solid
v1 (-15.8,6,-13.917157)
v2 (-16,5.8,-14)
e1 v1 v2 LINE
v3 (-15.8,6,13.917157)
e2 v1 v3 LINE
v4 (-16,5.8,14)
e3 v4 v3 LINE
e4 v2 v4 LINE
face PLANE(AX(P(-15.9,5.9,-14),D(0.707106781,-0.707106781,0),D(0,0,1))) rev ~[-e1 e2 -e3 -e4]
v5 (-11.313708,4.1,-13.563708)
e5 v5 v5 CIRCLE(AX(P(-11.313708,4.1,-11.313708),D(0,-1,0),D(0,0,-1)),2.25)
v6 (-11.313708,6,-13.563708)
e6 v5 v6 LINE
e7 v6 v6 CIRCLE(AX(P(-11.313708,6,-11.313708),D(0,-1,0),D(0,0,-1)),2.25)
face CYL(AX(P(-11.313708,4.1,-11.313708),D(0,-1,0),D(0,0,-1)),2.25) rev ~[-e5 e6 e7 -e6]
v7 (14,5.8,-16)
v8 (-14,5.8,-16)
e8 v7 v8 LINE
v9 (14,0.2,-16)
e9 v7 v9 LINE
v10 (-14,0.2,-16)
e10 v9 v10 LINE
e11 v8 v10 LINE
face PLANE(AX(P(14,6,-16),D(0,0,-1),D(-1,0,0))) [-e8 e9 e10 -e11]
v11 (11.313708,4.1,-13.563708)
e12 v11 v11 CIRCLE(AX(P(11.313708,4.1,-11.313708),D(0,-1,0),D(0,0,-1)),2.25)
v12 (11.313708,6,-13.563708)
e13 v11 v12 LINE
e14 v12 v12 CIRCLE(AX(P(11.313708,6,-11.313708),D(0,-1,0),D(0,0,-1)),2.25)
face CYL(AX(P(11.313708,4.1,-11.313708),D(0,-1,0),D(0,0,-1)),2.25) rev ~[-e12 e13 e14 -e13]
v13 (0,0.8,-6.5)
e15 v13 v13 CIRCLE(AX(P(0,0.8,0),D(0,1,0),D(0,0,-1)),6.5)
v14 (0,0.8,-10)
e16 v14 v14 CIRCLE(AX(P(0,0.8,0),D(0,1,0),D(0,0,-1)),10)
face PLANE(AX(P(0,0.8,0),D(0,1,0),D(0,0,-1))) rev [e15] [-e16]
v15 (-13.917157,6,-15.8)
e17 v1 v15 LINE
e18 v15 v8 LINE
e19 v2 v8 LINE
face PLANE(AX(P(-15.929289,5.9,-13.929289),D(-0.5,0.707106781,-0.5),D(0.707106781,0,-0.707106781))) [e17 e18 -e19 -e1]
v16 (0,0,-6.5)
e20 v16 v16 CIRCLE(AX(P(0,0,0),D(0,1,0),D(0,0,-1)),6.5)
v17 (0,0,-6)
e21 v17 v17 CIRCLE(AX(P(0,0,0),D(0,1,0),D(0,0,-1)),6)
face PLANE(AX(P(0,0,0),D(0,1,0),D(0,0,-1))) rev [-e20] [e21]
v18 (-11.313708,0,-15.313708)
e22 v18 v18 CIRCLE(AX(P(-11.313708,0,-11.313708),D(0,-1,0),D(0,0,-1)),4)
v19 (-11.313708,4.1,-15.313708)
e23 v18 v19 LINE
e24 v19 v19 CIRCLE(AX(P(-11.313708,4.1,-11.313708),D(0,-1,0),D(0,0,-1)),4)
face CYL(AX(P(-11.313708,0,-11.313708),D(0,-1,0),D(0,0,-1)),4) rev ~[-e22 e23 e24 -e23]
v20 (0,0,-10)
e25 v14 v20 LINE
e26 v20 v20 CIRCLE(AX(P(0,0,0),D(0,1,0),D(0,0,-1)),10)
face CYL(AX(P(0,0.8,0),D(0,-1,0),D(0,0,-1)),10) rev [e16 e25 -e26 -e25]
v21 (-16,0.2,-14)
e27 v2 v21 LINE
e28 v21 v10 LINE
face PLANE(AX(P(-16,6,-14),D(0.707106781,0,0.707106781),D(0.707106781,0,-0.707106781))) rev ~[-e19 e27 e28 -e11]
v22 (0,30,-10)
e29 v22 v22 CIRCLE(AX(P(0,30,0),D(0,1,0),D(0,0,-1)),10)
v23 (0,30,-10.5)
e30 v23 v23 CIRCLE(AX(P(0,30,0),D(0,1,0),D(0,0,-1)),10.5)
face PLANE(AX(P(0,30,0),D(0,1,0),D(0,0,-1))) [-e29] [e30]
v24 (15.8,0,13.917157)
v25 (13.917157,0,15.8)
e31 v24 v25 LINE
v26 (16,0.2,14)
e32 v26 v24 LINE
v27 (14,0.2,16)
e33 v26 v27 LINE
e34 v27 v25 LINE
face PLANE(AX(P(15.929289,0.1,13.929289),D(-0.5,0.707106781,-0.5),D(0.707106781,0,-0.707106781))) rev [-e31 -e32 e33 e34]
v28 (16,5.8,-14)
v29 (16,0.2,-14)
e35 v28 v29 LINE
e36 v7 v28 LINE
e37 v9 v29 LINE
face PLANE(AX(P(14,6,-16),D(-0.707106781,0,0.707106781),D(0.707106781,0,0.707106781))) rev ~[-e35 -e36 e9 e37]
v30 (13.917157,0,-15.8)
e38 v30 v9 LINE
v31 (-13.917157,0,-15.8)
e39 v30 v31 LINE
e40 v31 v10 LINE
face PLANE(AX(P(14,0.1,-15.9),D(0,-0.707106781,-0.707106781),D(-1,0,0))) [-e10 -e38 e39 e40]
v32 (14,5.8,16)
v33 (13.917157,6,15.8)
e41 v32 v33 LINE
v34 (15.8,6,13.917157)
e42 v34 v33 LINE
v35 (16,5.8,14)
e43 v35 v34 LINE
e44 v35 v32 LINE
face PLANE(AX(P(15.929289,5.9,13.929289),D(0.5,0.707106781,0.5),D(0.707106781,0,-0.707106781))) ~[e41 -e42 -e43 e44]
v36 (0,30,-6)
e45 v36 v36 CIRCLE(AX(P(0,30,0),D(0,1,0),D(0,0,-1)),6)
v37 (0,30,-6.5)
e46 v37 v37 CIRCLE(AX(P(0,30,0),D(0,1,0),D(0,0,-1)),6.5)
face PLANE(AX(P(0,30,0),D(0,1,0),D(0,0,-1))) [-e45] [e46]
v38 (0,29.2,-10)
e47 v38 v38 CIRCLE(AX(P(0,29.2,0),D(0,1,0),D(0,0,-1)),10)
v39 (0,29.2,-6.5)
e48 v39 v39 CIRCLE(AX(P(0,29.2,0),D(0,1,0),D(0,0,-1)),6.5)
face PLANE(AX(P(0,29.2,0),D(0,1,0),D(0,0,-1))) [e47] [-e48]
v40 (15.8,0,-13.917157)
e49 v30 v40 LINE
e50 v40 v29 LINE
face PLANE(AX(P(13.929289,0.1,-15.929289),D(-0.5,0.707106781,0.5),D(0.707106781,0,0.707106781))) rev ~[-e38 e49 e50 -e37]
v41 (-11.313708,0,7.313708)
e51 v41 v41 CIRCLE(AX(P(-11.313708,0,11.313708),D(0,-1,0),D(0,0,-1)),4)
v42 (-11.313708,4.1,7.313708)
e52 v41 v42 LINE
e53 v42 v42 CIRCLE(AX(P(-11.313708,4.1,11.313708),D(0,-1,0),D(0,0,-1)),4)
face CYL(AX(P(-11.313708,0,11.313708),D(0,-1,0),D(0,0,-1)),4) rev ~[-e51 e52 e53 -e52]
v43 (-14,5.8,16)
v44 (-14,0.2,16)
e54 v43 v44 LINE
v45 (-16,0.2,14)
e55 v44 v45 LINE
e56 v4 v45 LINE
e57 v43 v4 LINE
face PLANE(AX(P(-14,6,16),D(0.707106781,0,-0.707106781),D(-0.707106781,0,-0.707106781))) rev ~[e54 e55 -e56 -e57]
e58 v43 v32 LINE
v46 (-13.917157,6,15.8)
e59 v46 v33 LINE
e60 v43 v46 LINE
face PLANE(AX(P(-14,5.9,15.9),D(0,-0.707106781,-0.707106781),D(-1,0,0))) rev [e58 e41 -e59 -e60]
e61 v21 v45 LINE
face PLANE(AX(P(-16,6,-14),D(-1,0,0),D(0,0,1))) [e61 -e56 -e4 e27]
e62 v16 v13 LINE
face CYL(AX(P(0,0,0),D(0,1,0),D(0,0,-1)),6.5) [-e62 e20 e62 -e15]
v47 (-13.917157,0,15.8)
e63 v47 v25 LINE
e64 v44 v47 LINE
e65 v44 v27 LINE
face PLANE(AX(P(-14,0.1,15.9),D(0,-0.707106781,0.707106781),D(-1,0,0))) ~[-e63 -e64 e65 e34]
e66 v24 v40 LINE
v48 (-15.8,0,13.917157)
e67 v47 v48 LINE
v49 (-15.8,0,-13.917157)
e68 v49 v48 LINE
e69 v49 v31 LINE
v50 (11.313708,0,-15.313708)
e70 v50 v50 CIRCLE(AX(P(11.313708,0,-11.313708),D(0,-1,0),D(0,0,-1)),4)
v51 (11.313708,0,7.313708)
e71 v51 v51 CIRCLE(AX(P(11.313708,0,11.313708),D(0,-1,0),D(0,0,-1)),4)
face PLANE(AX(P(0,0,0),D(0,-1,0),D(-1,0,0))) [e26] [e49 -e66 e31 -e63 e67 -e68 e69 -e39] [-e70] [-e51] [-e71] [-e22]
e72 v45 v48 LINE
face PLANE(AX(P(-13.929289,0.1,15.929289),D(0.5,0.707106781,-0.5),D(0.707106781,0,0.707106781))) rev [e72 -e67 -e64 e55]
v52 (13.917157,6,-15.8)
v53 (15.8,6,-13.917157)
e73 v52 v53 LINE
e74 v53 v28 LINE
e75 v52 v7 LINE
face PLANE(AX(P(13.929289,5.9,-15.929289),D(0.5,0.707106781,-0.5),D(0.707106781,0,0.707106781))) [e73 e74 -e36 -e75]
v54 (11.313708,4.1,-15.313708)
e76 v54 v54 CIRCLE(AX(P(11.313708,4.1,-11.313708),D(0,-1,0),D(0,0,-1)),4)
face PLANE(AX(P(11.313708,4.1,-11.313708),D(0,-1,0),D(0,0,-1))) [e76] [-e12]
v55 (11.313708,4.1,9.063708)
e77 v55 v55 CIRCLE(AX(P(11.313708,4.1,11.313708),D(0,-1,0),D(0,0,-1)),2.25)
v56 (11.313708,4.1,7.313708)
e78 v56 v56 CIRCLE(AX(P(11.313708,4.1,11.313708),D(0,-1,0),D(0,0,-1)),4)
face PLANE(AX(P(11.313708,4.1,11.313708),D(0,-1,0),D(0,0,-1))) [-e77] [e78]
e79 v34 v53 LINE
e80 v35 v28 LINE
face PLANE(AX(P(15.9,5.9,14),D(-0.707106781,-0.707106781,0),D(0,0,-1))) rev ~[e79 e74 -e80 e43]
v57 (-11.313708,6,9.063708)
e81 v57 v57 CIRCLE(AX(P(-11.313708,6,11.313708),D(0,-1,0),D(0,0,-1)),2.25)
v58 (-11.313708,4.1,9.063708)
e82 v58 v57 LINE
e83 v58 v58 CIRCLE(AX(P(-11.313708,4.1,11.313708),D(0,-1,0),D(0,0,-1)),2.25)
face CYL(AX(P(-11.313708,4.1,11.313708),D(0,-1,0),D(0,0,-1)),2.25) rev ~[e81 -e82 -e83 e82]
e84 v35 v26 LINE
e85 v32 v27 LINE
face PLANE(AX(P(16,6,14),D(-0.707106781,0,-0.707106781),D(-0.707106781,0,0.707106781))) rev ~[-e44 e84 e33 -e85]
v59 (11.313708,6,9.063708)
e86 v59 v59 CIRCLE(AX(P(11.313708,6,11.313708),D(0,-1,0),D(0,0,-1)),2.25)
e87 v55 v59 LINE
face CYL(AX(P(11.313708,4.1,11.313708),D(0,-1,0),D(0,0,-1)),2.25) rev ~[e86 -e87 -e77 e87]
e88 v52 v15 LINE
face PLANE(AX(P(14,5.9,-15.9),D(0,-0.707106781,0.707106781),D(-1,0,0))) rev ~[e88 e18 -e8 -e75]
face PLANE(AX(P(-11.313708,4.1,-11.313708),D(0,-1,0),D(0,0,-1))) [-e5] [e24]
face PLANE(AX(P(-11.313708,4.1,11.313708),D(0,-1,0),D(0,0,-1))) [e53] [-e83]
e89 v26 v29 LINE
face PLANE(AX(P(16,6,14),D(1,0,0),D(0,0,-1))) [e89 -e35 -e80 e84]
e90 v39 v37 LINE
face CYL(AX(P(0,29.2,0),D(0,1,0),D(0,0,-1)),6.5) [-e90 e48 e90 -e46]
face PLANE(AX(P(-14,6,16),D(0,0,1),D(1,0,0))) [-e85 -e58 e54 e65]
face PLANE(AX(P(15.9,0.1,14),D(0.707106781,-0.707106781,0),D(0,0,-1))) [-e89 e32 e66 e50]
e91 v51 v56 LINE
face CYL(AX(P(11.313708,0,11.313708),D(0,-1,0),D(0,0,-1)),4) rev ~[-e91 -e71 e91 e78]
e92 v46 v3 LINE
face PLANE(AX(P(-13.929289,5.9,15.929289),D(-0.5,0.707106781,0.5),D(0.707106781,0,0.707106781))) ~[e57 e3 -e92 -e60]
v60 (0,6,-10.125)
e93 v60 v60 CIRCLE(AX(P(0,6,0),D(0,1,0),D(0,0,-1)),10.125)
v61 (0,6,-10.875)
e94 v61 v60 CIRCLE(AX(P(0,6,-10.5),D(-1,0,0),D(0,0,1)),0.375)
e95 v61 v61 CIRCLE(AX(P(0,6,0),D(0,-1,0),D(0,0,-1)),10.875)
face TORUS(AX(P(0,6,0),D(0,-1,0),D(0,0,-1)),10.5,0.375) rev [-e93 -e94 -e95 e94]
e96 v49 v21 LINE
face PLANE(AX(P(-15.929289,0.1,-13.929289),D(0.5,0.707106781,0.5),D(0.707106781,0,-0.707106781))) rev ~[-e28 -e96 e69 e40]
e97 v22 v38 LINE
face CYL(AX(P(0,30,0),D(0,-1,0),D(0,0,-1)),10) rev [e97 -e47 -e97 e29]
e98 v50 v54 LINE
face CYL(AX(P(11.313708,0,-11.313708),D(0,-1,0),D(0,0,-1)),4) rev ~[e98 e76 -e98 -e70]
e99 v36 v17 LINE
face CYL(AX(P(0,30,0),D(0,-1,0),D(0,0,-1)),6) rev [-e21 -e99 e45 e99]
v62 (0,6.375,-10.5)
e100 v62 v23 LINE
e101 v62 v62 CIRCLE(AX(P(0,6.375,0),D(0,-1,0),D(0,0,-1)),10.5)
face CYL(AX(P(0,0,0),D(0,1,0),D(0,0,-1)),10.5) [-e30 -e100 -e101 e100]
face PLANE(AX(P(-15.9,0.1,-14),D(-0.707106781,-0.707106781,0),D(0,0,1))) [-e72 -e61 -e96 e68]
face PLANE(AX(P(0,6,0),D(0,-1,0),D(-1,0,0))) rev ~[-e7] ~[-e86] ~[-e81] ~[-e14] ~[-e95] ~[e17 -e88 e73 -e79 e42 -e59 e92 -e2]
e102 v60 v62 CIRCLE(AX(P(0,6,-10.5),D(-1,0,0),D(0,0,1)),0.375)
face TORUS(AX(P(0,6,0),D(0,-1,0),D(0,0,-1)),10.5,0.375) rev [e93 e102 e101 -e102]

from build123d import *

# Parameters (mm, degrees)
FLANGE_START         = 6
FLANGE_DEPTH         = 6
SKETCH9_R            = 4
COUNTERBORE_DEPTH    = 4.1
SKETCH10_R           = 2.25
MOUNTING_HOLES_DEPTH = 35.392004885
SKETCH11_R           = 0.375
CHAMFER1_SIZE        = 0.2


with BuildPart() as part:
    # Sketch5 → Bearing Body (revolve)
    with BuildSketch(Plane(origin=(0, 0, 0), x_dir=(0, 0, -1), z_dir=(1, 0, 0))):
        Polygon((6.5, 30), (6, 30), (6, 0), (6.5, 0), (6.5, 0.8), (10, 0.8), (10, 0), (10.5, 0), (10.5, 30), (10, 30), (10, 29.2), (6.5, 29.2), align=None)
    revolve(axis=Axis((0, 0, 0), (0, 1, 0)))

    # Sketch8 → Flange (add)
    with BuildSketch(Plane(origin=(0, 0, 0), x_dir=(1, 0, 0), z_dir=(0, 1, 0)).offset(FLANGE_START)):
        Polygon((0, -16), (-14, -16), (-16, -14), (-16, 0), (-16, 14), (-14, 16), (0, 16), (14, 16), (16, 14), (16, 0), (16, -14), (14, -16), align=None)
        with BuildLine():
            ThreePointArc((-10.5, 0), (-7.424621202, -7.424621202), (0, -10.5))
            ThreePointArc((0, -10.5), (7.424621202, -7.424621202), (10.5, 0))
            ThreePointArc((10.5, 0), (7.424621202, 7.424621202), (0, 10.5))
            ThreePointArc((0, 10.5), (-7.424621202, 7.424621202), (-10.5, 0))
        make_face(mode=Mode.SUBTRACT)
    extrude(amount=-FLANGE_DEPTH)

    # Sketch9 → Counterbore (cut)
    with BuildSketch(Plane(origin=(0, 0, 0), x_dir=(-1, 0, 0), z_dir=(0, -1, 0))):
        with Locations(Location((11.313708499, -11.313708499, 0), (0, 0, 90))):
            Circle(SKETCH9_R)
        with Locations(Location((-11.313708499, -11.313708499, 0), (0, 0, 90))):
            Circle(SKETCH9_R)
        with Locations(Location((-11.313708499, 11.313708499, 0), (0, 0, 90))):
            Circle(SKETCH9_R)
        with Locations(Location((11.313708499, 11.313708499, 0), (0, 0, 90))):
            Circle(SKETCH9_R)
    extrude(amount=-COUNTERBORE_DEPTH, mode=Mode.SUBTRACT)

    # Sketch10 → Mounting Holes (cut, through all)
    with BuildSketch(Plane(origin=(0, 4.1, 0), x_dir=(-1, 0, 0), z_dir=(0, -1, 0))):
        with Locations(Location((11.313708499, 11.313708499, 0), (0, 0, 90))):
            Circle(SKETCH10_R)
        with Locations(Location((11.313708499, -11.313708499, 0), (0, 0, 90))):
            Circle(SKETCH10_R)
        with Locations(Location((-11.313708499, -11.313708499, 0), (0, 0, 90))):
            Circle(SKETCH10_R)
        with Locations(Location((-11.313708499, 11.313708499, 0), (0, 0, 90))):
            Circle(SKETCH10_R)
    extrude(amount=-MOUNTING_HOLES_DEPTH, mode=Mode.SUBTRACT)

    # Sketch11 → Relief (revolve, cut)
    with BuildSketch(Plane(origin=(0, 0, 0), x_dir=(0, 0, -1), z_dir=(1, 0, 0)), mode=Mode.PRIVATE) as relief_sk:
        with Locations((-10.5, 6)):
            Circle(SKETCH11_R)
    revolve(relief_sk.sketch.rotate(Axis((0, 0, 0), (0, 1, 0)), 180), axis=Axis((0, 0, 0), (0, 1, 0)), mode=Mode.SUBTRACT)

    # Chamfer1
    chamfer1_edges = [part.edges().sort_by_distance(p)[0] for p in [
        (-15, 6, 15),
        (0, 6, 16),
        (15, 6, 15),
        (16, 6, 0),
        (15, 6, -15),
        (0, 6, -16),
        (-15, 6, -15),
        (-16, 6, 0),
        (-15, 0, 15),
        (0, 0, 16),
        (15, 0, 15),
        (16, 0, 0),
        (15, 0, -15),
        (0, 0, -16),
        (-15, 0, -15),
        (-16, 0, 0),
    ]]
    chamfer(chamfer1_edges, length=CHAMFER1_SIZE)


solid = part.part
